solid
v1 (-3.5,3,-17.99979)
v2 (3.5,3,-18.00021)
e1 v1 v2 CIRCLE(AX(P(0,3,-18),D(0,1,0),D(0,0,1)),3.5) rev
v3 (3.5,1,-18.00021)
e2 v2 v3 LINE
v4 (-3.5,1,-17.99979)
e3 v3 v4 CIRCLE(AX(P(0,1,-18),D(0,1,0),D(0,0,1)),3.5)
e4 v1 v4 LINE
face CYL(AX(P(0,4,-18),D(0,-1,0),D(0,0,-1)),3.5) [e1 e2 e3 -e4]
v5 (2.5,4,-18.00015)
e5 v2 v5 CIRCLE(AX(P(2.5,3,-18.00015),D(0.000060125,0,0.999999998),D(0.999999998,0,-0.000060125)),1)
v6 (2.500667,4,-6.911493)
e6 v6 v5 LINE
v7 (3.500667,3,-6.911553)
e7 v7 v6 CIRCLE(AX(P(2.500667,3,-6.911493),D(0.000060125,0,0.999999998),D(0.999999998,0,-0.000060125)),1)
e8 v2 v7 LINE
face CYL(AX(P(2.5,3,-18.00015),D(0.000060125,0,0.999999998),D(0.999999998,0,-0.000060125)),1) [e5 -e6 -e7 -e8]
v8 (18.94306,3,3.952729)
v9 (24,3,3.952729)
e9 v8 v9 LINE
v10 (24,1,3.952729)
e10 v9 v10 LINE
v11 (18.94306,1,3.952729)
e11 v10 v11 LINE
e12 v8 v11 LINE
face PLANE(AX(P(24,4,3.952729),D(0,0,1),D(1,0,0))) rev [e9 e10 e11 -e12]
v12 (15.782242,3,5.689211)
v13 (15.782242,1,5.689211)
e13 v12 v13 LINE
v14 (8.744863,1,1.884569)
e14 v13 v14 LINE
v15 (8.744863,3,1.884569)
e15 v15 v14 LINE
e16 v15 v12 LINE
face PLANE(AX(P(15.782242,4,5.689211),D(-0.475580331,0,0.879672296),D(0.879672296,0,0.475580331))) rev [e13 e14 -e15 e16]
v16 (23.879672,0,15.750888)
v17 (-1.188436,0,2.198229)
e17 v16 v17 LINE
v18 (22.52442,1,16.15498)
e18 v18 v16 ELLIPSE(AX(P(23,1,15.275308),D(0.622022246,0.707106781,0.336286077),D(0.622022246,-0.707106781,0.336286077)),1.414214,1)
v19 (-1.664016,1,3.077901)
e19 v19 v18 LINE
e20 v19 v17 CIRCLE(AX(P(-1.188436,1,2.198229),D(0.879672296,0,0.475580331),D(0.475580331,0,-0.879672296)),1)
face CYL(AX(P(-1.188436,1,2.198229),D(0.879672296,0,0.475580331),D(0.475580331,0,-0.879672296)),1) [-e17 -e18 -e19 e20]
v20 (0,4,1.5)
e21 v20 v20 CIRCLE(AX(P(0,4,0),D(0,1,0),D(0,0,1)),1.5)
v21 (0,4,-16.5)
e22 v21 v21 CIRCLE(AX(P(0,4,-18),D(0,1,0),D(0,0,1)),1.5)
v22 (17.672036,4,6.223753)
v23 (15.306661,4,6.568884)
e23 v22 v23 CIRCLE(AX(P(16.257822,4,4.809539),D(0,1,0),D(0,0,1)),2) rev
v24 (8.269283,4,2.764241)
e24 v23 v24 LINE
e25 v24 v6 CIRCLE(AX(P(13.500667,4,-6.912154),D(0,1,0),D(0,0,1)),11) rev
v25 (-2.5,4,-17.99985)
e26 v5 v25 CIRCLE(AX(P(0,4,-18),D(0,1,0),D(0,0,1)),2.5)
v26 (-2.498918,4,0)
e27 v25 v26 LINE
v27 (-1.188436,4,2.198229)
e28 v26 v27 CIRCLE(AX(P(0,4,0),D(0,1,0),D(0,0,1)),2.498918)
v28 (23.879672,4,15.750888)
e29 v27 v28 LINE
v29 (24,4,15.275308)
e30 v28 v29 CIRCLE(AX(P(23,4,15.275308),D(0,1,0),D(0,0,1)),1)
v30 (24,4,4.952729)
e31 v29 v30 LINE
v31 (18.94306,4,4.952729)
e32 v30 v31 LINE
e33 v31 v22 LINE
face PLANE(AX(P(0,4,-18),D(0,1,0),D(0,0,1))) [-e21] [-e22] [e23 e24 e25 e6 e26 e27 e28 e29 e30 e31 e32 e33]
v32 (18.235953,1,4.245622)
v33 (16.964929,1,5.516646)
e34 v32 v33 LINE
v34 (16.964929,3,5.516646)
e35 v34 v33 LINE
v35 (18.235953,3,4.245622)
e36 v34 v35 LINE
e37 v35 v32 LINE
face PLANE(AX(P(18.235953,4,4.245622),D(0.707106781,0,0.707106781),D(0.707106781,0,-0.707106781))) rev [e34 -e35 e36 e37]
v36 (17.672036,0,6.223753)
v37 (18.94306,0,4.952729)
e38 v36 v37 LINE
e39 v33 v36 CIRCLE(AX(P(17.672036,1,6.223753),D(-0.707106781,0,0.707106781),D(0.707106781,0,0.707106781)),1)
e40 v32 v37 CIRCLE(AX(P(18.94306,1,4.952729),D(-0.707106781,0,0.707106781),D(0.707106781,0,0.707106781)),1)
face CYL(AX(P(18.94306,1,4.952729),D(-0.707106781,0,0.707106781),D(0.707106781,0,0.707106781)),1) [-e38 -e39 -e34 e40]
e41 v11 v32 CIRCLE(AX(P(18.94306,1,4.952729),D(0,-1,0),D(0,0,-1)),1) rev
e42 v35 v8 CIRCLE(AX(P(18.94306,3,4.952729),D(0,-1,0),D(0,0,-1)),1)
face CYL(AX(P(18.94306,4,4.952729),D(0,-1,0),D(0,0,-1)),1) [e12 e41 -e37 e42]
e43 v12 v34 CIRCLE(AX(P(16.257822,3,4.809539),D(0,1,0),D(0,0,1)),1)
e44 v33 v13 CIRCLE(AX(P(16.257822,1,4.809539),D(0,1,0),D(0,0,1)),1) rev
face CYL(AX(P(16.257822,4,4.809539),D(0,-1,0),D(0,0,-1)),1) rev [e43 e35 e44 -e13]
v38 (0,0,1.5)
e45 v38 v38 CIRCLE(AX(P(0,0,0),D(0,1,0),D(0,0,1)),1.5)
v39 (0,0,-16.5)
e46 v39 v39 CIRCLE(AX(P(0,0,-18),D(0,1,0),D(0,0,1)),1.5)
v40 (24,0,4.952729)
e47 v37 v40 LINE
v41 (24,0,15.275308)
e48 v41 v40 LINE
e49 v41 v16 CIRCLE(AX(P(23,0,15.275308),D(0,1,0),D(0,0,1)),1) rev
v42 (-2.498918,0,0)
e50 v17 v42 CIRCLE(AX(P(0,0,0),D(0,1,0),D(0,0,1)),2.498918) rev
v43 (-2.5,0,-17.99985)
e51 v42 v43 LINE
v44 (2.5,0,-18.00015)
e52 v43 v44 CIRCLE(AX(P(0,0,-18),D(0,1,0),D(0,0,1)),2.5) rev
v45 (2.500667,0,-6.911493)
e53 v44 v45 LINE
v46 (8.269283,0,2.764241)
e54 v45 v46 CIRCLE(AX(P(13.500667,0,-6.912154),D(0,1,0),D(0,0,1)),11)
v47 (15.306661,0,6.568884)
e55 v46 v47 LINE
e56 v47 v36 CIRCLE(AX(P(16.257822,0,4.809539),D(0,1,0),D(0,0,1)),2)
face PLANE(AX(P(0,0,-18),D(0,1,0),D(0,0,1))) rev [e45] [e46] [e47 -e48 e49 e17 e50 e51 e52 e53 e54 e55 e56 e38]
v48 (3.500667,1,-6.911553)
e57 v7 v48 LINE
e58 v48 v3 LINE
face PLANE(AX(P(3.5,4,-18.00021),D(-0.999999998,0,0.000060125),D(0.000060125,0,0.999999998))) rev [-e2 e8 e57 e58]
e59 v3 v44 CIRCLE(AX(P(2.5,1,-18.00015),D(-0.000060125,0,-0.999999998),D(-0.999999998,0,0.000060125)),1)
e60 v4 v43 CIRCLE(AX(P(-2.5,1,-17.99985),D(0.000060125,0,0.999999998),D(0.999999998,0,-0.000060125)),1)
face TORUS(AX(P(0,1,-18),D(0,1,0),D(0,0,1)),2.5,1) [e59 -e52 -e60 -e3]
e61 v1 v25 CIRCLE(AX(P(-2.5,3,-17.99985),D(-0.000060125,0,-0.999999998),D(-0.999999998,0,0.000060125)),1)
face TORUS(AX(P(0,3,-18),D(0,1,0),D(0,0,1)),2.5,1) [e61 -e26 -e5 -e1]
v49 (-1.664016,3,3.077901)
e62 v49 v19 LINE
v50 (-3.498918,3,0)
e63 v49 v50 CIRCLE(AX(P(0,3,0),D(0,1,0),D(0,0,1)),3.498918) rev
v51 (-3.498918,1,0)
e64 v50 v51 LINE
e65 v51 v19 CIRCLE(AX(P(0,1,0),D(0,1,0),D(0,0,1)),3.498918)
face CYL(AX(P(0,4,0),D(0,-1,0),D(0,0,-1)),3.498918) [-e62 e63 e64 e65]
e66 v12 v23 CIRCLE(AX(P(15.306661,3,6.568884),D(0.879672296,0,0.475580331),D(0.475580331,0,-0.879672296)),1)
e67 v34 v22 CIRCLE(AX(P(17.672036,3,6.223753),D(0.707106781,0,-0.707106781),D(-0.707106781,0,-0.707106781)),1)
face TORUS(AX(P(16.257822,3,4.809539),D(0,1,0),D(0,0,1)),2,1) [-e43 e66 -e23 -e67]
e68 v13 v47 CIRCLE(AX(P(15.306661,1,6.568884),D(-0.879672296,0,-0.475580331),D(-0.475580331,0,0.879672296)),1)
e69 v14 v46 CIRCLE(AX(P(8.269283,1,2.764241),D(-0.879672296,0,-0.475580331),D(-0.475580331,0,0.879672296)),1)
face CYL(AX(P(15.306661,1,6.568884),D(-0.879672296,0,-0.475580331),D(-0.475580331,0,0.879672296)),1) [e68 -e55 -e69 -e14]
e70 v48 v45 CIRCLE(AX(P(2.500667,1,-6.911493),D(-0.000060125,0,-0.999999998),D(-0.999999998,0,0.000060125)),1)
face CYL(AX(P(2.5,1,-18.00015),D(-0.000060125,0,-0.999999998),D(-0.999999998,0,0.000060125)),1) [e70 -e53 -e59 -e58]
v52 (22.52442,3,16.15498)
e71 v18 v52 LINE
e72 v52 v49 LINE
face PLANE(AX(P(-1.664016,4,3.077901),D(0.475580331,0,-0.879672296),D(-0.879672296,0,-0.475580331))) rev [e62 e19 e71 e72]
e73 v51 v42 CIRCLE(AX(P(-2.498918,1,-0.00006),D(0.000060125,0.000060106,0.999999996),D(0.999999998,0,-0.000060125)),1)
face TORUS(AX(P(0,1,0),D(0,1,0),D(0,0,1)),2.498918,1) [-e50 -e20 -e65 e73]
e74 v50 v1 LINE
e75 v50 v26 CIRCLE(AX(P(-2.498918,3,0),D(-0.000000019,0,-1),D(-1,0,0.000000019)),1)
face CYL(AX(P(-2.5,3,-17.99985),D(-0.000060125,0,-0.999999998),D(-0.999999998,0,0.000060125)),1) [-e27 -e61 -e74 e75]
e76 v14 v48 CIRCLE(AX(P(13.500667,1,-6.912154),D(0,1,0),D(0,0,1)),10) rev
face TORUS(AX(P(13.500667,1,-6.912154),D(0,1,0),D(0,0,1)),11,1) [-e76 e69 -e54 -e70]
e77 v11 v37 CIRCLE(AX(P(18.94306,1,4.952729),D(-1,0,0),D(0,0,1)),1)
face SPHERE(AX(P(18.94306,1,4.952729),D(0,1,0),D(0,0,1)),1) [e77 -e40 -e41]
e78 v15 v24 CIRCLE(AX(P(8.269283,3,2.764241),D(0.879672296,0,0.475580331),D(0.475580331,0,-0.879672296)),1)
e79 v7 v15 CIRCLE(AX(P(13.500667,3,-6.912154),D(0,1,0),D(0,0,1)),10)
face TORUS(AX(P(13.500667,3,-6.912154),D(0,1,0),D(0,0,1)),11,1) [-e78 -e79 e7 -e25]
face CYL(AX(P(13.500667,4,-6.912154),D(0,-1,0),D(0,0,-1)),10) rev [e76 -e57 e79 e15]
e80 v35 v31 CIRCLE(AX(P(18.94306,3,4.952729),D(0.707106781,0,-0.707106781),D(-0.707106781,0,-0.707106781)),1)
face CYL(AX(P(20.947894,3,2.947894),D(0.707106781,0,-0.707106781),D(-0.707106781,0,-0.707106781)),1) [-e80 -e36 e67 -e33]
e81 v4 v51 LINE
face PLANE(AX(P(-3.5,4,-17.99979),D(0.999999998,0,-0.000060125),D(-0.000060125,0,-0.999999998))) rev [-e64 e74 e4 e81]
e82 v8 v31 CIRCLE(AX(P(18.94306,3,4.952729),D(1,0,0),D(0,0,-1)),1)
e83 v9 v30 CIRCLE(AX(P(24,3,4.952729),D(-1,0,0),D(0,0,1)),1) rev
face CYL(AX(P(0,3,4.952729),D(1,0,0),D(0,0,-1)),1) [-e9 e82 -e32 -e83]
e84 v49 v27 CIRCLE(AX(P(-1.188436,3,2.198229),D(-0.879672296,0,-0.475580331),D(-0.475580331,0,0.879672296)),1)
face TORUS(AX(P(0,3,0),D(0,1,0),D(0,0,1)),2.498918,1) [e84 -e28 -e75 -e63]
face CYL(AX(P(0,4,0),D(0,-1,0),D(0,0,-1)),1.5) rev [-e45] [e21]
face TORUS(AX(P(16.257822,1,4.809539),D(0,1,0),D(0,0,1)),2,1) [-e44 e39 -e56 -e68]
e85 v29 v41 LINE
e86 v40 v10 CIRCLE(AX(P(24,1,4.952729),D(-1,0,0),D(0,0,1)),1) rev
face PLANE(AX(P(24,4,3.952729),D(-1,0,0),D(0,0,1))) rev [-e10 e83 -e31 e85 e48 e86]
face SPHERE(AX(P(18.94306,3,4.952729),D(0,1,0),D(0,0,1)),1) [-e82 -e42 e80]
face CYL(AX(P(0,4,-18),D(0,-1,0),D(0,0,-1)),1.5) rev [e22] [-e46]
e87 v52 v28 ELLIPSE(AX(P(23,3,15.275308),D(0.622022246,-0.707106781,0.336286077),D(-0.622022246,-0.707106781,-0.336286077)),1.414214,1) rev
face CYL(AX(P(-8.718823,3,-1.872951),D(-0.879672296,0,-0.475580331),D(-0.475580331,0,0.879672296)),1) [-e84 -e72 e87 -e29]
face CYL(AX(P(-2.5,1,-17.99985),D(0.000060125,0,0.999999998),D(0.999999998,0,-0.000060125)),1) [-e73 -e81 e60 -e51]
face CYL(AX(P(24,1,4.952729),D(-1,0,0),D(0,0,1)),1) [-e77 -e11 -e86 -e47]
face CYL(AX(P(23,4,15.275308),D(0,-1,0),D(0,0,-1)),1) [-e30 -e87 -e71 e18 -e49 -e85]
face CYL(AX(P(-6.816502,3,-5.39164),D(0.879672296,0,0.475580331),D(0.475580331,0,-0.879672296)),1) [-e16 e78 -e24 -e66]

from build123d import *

# Parameters (mm, degrees)
SKETCH1_R           = 1.5
BOSS_EXTRUDE1_DEPTH = 4
FILLET1_R           = 1


with BuildPart() as part:
    # Sketch1 → Boss-Extrude1 (new body)
    with BuildSketch(Plane(origin=(0, 0, 0), x_dir=(1, 0, 0), z_dir=(0, 1, 0))):
        with BuildLine():
            Line((3.499999994, 18.000210437), (3.500666698, 6.911553125))
            ThreePointArc((3.500666698, 6.911553125), (4.91134936, 1.791253282), (8.744863366, -1.884568587))
            Line((8.744863366, -1.884568587), (15.782241735, -5.689211238))
            ThreePointArc((15.782241735, -5.689211238), (16.402202946, -5.79906113), (16.964928847, -5.516645723))
            Line((16.964928847, -5.516645723), (18.23595273, -4.24562184))
            ThreePointArc((18.23595273, -4.24562184), (18.560376079, -4.028849089), (18.943059511, -3.952728622))
            Line((18.943059511, -3.952728622), (24, -3.952728622))
            Line((24, -3.952728622), (24, -16.952728622))
            Line((24, -16.952728622), (-1.664016467, -3.077901019))
            ThreePointArc((-1.664016467, -3.077901019), (-3.005385337, -1.791670857), (-3.498917759, -6.5e-08))
            Line((-3.498917759, -6.5e-08), (-3.499999994, 17.999789563))
            ThreePointArc((-3.499999994, 17.999789563), (-0.000210437, 21.499999994), (3.499999994, 18.000210437))
        make_face()
        with Locations(Location((0, 0, 0), (0, 0, 270))):
            Circle(SKETCH1_R, mode=Mode.SUBTRACT)
        with Locations(Location((0, 18, 0), (0, 0, 270))):
            Circle(SKETCH1_R, mode=Mode.SUBTRACT)
    extrude(amount=BOSS_EXTRUDE1_DEPTH)

    # Fillet1
    fillet1_edges = [part.edges().sort_by_distance(p)[0] for p in [
        (-3.005385337, 4, 1.791670857),
        (3.500333346, 0, -12.455881781),
        (4.91134936, 0, -1.791253282),
        (12.26355255, 0, 3.786889912),
        (16.402202946, 0, 5.79906113),
        (17.600440788, 0, 4.881133782),
        (18.560376079, 0, 4.028849089),
        (11.167991766, 4, 10.01531482),
        (21.471529755, 0, 3.952728622),
        (11.167991766, 0, 10.01531482),
        (-3.005385337, 0, 1.791670857),
        (-3.499458876, 0, -8.999894749),
        (-0.000210437, 0, -21.499999994),
        (21.471529755, 4, 3.952728622),
        (24, 2, 16.952728622),
        (18.560376079, 4, 4.028849089),
        (17.600440788, 4, 4.881133782),
        (16.402202946, 4, 5.79906113),
        (12.26355255, 4, 3.786889912),
        (4.91134936, 4, -1.791253282),
        (3.500333346, 4, -12.455881781),
        (-0.000210437, 4, -21.499999994),
        (-3.499458876, 4, -8.999894749),
    ]]
    fillet(fillet1_edges, radius=FILLET1_R)


solid = part.part
